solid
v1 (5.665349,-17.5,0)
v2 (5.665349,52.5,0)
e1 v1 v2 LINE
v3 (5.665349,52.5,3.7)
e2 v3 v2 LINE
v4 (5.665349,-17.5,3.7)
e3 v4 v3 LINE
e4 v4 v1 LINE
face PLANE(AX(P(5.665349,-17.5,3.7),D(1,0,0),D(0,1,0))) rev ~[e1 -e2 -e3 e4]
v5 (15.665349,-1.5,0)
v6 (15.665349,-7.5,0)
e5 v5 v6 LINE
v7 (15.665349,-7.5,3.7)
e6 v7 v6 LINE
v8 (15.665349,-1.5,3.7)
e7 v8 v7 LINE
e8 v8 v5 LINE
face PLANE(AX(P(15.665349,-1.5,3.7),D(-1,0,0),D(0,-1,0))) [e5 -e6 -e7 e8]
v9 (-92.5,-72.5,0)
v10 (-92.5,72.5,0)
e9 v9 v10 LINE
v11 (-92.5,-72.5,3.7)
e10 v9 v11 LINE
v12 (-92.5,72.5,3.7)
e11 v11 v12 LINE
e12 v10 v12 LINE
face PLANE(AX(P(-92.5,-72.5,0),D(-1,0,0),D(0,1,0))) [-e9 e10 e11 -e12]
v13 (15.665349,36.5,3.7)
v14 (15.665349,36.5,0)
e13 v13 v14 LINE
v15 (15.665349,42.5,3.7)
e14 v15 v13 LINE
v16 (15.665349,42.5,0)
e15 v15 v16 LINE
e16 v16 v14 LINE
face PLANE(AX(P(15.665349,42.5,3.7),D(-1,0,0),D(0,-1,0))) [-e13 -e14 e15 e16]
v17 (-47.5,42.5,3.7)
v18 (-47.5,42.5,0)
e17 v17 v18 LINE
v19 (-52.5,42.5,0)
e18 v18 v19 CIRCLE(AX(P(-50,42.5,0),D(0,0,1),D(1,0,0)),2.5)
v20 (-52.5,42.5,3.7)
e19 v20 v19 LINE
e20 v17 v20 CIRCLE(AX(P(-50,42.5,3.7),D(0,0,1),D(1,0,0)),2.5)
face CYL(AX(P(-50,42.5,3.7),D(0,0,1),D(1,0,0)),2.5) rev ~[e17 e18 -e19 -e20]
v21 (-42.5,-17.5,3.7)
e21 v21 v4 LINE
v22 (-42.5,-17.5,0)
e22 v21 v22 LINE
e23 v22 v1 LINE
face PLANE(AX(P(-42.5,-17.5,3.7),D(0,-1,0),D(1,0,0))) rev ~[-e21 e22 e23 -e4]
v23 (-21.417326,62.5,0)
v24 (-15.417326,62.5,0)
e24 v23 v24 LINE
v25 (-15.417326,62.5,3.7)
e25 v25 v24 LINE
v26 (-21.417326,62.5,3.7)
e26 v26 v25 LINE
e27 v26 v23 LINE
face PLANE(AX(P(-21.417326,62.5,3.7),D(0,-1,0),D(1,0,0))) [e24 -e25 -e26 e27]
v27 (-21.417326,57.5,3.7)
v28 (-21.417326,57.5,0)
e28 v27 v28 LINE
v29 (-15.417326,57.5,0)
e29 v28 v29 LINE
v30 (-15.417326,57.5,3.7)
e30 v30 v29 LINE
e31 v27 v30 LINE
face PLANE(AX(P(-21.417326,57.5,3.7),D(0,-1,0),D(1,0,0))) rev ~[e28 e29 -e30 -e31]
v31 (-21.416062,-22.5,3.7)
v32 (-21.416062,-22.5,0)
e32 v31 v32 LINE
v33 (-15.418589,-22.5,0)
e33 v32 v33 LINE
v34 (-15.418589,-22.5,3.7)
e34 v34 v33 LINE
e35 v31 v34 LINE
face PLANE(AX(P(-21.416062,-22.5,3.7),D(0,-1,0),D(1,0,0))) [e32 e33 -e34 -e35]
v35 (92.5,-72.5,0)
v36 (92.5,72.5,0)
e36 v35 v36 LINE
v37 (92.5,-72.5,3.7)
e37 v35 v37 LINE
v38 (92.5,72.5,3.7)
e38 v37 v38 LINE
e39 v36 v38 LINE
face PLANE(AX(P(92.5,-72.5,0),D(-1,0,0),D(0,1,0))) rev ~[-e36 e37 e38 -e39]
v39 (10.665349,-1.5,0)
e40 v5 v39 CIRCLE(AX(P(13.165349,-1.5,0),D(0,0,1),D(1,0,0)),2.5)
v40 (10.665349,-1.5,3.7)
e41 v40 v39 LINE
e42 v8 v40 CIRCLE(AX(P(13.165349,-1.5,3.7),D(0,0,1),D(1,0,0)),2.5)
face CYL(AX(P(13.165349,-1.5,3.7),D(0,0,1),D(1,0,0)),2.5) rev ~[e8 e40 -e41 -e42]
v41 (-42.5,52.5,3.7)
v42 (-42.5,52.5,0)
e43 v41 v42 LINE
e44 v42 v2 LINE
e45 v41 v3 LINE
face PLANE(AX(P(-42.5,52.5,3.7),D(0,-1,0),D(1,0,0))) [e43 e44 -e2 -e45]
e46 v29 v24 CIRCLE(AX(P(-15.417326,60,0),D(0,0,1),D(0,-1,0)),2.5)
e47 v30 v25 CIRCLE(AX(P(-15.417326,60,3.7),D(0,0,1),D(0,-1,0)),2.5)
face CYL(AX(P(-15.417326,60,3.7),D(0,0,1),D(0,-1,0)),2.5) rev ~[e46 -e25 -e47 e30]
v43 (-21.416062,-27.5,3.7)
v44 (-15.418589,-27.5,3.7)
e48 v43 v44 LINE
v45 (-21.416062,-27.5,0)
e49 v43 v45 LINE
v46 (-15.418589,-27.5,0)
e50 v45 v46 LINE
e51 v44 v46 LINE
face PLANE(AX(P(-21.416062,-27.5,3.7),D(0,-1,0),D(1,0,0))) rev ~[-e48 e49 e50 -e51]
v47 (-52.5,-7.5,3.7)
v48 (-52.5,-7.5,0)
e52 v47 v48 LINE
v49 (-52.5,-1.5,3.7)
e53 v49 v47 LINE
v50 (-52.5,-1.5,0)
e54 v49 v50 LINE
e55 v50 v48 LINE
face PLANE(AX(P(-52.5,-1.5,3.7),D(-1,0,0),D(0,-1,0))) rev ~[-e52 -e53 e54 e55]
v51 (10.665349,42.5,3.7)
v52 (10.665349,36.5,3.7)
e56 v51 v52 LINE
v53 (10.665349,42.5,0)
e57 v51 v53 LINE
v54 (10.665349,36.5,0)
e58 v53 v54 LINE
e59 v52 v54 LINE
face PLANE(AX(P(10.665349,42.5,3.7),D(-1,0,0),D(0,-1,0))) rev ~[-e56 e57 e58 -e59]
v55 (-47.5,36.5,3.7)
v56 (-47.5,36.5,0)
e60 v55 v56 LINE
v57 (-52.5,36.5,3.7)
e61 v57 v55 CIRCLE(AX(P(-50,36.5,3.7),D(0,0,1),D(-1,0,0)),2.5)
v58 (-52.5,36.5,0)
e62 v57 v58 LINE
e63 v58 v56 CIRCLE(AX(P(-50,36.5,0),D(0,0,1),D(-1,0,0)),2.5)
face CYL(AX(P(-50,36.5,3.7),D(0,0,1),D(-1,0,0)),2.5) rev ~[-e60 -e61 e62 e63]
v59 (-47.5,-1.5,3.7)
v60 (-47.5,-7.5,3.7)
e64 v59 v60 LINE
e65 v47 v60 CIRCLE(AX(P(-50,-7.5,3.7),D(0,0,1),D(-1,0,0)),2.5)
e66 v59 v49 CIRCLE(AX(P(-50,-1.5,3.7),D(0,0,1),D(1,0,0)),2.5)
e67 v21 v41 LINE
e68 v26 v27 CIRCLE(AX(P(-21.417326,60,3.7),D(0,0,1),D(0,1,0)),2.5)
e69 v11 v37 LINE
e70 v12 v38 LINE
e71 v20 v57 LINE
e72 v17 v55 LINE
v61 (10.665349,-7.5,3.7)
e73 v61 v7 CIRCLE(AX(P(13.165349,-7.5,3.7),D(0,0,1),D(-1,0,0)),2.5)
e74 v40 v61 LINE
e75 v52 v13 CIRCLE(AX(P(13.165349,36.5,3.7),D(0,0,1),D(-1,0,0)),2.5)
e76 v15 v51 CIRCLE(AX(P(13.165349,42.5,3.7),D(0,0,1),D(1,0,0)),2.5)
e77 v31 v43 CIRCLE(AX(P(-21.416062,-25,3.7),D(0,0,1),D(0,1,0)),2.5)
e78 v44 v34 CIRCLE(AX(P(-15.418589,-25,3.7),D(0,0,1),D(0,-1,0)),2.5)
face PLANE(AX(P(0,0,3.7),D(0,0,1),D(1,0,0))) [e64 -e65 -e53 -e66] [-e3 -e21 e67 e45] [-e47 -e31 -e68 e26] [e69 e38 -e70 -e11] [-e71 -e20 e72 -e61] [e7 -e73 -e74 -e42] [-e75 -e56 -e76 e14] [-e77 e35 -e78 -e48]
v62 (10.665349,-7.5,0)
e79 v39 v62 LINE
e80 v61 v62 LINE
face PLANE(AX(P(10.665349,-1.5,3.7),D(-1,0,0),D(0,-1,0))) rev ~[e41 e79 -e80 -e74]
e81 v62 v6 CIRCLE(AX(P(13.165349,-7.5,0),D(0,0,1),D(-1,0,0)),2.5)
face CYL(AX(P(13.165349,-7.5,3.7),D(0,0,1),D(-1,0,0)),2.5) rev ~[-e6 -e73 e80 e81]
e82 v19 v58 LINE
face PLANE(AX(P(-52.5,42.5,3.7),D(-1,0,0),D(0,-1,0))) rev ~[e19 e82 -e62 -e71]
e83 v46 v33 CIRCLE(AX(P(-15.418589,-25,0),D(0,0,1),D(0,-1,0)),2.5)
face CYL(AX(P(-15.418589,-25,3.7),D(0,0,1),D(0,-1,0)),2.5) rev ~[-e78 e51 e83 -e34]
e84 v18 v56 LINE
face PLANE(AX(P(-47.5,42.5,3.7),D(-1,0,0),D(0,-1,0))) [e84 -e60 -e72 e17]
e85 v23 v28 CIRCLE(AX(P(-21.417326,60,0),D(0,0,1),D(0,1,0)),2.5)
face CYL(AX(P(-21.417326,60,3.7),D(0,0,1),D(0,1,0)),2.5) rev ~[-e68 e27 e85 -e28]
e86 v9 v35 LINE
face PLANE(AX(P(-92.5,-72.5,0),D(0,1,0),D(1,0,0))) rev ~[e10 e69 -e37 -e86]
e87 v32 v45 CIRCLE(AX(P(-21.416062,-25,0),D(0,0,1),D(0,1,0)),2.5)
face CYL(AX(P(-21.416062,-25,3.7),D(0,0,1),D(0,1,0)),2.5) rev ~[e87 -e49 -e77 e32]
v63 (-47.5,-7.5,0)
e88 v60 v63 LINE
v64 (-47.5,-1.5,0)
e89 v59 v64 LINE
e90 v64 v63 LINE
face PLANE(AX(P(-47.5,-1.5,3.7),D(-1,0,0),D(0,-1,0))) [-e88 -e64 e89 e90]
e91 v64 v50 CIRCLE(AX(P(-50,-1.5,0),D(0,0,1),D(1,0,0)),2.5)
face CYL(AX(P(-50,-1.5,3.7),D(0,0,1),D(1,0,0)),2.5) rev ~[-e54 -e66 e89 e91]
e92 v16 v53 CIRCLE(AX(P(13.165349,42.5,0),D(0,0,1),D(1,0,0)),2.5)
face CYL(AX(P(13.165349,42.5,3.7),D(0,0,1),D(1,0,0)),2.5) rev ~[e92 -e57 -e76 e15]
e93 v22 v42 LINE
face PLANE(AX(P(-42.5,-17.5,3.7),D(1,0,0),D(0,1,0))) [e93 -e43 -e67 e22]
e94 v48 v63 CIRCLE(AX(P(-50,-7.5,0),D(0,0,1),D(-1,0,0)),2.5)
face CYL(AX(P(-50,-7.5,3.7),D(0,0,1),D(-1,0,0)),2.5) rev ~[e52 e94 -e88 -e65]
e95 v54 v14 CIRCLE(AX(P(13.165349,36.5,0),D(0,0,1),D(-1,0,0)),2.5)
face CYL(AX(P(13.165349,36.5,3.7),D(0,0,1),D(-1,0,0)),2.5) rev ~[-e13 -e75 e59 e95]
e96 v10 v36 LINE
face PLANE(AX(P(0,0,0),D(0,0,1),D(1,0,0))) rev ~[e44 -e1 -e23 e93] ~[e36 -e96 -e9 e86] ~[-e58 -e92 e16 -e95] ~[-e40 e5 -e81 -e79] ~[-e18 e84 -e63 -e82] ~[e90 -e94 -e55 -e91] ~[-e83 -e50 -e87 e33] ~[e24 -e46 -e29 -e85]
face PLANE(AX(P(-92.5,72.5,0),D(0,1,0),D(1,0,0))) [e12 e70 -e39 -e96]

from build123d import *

# Parameters (mm, degrees)
SKETCH_W        = 185
SKETCH_H        = 145
PAD_DEPTH       = 3.7
SKETCH001_W     = 48.165349
SKETCH001_H     = 70
POCKET_DEPTH    = 5
POCKET001_DEPTH = 5


with BuildPart() as part:
    # Sketch → Pad (new body)
    with BuildSketch(Plane.XY):
        Rectangle(SKETCH_W, SKETCH_H)
    extrude(amount=PAD_DEPTH)

    # Sketch001 (on Face6 of Pad) → Pocket (cut)
    with BuildSketch(Plane.XY.offset(3.7)):
        with Locations((-18.417326, 17.5)):
            Rectangle(SKETCH001_W, SKETCH001_H)
    extrude(amount=-POCKET_DEPTH, mode=Mode.SUBTRACT)

    # Sketch003 (on Face5 of Pocket) → Pocket001 (cut)
    with BuildSketch(Plane.XY.offset(3.7)):
        with BuildLine():
            ThreePointArc((-21.417326, 62.5), (-23.917326, 60), (-21.417326, 57.5))
            Line((-21.417326, 57.5), (-15.417326, 57.5))
            ThreePointArc((-15.417326, 57.5), (-12.917326, 60), (-15.417326, 62.5))
            Line((-21.417326, 62.5), (-15.417326, 62.5))
        make_face()
        with BuildLine():
            Line((-21.416062, -22.5), (-15.418589, -22.5))
            ThreePointArc((-15.418589, -27.5), (-12.918589, -25), (-15.418589, -22.5))
            Line((-21.416062, -27.5), (-15.418589, -27.5))
            ThreePointArc((-21.416062, -22.5), (-23.916062, -25), (-21.416062, -27.5))
        make_face()
        with BuildLine():
            ThreePointArc((-47.5, 42.5), (-50, 45), (-52.5, 42.5))
            Line((-52.5, 42.5), (-52.5, 36.5))
            ThreePointArc((-52.5, 36.5), (-50, 34), (-47.5, 36.5))
            Line((-47.5, 42.5), (-47.5, 36.5))
        make_face()
        with BuildLine():
            ThreePointArc((15.665349, 42.5), (13.165349, 45), (10.665349, 42.5))
            Line((10.665349, 42.5), (10.665349, 36.5))
            ThreePointArc((10.665349, 36.5), (13.165349, 34), (15.665349, 36.5))
            Line((15.665349, 42.5), (15.665349, 36.5))
        make_face()
        with BuildLine():
            ThreePointArc((-47.5, -1.5), (-50, 1), (-52.5, -1.5))
            Line((-52.5, -1.5), (-52.5, -7.5))
            ThreePointArc((-52.5, -7.5), (-50, -10), (-47.5, -7.5))
            Line((-47.5, -1.5), (-47.5, -7.5))
        make_face()
        with BuildLine():
            ThreePointArc((15.665349, -1.5), (13.165349, 1), (10.665349, -1.5))
            Line((10.665349, -1.5), (10.665349, -7.5))
            ThreePointArc((10.665349, -7.5), (13.165349, -10), (15.665349, -7.5))
            Line((15.665349, -1.5), (15.665349, -7.5))
        make_face()
    extrude(amount=-POCKET001_DEPTH, mode=Mode.SUBTRACT)


solid = part.part
